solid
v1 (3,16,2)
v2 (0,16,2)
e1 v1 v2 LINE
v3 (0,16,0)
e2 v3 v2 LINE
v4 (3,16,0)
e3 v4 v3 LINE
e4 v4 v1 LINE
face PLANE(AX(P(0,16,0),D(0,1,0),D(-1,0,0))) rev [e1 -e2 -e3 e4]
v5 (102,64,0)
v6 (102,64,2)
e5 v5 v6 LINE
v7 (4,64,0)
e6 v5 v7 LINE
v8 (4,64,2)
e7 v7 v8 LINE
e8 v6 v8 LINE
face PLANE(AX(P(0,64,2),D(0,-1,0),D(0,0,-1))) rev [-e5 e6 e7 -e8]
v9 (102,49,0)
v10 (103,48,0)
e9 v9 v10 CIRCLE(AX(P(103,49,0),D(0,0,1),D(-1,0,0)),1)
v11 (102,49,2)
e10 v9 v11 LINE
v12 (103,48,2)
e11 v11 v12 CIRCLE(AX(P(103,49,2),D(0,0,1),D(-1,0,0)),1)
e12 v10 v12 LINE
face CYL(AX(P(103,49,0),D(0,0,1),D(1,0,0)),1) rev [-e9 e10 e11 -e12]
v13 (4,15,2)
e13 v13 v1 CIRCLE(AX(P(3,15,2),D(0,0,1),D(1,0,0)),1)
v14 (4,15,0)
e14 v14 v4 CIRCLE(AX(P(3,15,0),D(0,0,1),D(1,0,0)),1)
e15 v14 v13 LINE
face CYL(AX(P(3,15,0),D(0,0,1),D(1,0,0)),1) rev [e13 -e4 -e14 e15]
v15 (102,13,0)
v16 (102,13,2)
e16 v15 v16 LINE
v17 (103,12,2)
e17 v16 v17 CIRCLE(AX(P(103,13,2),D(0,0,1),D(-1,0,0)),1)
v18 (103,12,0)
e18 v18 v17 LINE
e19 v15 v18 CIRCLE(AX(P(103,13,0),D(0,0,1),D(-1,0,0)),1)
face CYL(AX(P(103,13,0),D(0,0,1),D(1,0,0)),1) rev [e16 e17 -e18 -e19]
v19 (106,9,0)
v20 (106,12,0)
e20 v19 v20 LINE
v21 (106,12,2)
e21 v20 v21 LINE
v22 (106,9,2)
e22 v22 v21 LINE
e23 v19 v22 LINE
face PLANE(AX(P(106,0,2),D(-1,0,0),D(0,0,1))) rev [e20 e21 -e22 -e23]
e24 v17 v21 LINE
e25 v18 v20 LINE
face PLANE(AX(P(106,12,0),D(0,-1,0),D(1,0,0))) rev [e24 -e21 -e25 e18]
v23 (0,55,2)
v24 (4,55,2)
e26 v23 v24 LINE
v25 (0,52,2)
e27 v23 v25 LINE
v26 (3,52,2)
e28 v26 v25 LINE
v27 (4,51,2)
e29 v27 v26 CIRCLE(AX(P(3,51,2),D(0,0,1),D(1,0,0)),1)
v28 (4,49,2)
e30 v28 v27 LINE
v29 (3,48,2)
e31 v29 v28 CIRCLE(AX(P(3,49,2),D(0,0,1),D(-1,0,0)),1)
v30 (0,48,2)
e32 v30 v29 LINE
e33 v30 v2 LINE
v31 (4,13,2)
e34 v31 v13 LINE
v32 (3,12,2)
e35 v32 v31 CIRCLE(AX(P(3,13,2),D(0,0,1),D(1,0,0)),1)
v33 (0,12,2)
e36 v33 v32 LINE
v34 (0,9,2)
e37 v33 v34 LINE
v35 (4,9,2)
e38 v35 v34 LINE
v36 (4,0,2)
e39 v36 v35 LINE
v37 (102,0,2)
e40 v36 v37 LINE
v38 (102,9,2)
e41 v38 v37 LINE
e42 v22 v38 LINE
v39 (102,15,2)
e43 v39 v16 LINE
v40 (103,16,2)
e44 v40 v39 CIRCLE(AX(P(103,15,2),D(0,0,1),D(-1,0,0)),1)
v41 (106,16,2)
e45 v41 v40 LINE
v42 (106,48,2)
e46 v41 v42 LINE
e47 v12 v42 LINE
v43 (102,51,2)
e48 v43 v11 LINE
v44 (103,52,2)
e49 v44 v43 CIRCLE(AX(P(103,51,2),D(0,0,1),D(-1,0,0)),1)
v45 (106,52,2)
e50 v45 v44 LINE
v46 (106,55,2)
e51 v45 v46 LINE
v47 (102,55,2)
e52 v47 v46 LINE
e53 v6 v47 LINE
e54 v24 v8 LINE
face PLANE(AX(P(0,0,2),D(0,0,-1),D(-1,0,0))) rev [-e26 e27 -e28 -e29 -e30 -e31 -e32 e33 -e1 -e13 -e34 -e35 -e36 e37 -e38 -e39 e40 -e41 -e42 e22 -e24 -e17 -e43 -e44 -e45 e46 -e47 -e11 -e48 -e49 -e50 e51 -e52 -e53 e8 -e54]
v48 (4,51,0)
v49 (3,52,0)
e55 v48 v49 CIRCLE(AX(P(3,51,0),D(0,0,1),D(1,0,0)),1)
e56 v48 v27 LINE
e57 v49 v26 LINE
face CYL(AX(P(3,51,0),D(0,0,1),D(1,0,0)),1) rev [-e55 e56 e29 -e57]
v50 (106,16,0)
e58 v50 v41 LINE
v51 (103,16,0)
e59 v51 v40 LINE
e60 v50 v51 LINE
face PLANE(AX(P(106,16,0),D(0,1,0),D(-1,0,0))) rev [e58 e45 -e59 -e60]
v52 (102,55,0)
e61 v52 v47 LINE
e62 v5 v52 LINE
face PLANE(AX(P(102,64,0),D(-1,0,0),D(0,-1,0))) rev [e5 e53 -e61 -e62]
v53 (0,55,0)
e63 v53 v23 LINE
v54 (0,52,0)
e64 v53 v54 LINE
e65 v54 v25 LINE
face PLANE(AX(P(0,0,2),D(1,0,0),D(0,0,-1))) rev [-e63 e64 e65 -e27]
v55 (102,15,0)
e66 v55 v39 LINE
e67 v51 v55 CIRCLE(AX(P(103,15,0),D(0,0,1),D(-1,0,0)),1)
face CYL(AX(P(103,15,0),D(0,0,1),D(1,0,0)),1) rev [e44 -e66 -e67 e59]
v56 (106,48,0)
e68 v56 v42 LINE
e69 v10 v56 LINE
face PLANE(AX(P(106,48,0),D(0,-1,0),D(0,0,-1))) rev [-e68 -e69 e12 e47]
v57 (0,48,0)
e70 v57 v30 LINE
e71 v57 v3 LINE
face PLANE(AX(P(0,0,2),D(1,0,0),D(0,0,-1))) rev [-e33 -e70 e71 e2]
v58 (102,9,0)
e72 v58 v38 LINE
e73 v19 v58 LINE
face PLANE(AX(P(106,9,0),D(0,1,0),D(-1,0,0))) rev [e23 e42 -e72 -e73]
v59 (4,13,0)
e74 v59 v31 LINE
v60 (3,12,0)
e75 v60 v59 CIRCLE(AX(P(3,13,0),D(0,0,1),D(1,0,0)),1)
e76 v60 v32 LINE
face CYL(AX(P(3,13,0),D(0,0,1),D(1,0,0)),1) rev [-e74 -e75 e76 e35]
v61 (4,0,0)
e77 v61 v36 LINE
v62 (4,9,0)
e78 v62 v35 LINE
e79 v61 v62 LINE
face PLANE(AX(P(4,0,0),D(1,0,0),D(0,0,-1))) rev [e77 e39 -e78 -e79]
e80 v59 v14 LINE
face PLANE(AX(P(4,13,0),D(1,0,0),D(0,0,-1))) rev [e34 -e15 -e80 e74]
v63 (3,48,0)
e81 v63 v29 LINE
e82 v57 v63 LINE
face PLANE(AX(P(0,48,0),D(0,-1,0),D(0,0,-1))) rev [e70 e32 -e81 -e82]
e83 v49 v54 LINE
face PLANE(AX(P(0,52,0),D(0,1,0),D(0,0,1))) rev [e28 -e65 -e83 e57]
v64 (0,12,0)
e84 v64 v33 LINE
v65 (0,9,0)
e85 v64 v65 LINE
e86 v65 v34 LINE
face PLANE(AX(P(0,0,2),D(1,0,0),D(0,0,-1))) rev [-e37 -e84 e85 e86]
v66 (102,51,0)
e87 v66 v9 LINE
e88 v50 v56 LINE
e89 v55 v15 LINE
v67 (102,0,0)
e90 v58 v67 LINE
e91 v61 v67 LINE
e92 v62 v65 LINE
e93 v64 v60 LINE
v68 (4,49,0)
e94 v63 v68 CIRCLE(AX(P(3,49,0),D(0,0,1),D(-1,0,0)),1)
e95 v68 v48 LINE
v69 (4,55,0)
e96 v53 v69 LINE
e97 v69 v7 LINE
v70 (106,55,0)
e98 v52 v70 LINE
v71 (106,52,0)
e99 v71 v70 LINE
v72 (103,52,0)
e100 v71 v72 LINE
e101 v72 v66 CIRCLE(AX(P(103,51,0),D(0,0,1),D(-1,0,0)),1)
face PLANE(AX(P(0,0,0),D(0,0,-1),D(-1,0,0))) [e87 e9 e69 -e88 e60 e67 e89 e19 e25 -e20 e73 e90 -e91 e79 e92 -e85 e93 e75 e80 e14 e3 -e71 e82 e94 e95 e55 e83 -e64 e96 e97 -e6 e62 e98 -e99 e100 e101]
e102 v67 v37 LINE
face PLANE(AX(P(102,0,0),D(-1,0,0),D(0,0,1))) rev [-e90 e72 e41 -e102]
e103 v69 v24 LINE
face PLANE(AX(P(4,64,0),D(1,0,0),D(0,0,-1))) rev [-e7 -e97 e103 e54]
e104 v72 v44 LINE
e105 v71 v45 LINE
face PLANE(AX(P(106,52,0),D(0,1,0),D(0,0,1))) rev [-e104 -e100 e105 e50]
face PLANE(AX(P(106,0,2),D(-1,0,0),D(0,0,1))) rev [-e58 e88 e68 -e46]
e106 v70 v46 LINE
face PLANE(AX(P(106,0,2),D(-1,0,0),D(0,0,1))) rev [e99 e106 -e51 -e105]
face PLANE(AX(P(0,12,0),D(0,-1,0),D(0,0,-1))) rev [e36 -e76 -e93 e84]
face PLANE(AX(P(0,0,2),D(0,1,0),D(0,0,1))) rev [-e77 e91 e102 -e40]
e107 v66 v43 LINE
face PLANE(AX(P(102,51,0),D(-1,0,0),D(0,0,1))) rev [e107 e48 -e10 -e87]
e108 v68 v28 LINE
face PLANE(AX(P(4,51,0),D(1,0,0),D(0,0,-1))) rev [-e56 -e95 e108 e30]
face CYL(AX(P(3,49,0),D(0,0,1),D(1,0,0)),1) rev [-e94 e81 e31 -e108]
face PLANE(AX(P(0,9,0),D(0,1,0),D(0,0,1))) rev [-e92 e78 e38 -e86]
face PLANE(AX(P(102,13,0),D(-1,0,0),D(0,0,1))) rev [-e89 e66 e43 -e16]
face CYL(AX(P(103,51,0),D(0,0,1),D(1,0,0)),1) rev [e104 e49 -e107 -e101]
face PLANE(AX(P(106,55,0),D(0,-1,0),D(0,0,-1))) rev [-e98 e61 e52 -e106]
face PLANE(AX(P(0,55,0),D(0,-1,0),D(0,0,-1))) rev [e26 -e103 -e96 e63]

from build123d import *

# Parameters (mm, degrees)
SKETCH1_W           = 106
SKETCH1_H           = 64
BOSS_EXTRUDE1_DEPTH = 2
SKETCH2_W           = 4
SKETCH2_H           = 9
CUT_EXTRUDE1_DEPTH  = 124.838604643
CUT_EXTRUDE2_DEPTH  = 124.838604643


with BuildPart() as part:
    # Sketch1 → Boss-Extrude1 (new body)
    with BuildSketch(Plane.XY):
        with Locations((53, 32)):
            Rectangle(SKETCH1_W, SKETCH1_H)
    extrude(amount=BOSS_EXTRUDE1_DEPTH)

    # Sketch2 → Cut-Extrude1 (cut, through all)
    with BuildSketch(Plane.XY.offset(2)):
        with Locations((2, 59.5)):
            Rectangle(SKETCH2_W, SKETCH2_H)
        with Locations((2, 4.5)):
            Rectangle(SKETCH2_W, SKETCH2_H)
        with Locations((104, 4.5)):
            Rectangle(SKETCH2_W, SKETCH2_H)
        with Locations((104, 59.5)):
            Rectangle(SKETCH2_W, SKETCH2_H)
    extrude(amount=-CUT_EXTRUDE1_DEPTH, mode=Mode.SUBTRACT)

    # Sketch3 → Cut-Extrude2 (cut, through all)
    with BuildSketch(Plane.XY.offset(2)):
        with BuildLine():
            Line((106, 12), (103, 12))
            ThreePointArc((103, 12), (102.292893219, 12.292893219), (102, 13))
            Line((102, 13), (102, 15))
            ThreePointArc((102, 15), (102.292893219, 15.707106781), (103, 16))
            Line((103, 16), (106, 16))
            Line((106, 16), (106, 12))
        make_face()
        with BuildLine():
            Line((0, 12), (3, 12))
            ThreePointArc((3, 12), (3.707106781, 12.292893219), (4, 13))
            Line((4, 13), (4, 15))
            ThreePointArc((4, 15), (3.707106781, 15.707106781), (3, 16))
            Line((3, 16), (0, 16))
            Line((0, 16), (0, 12))
        make_face()
        with BuildLine():
            Line((0, 52), (3, 52))
            ThreePointArc((3, 52), (3.707106781, 51.707106781), (4, 51))
            Line((4, 51), (4, 49))
            ThreePointArc((4, 49), (3.707106781, 48.292893219), (3, 48))
            Line((3, 48), (0, 48))
            Line((0, 48), (0, 52))
        make_face()
        with BuildLine():
            Line((106, 52), (103, 52))
            ThreePointArc((103, 52), (102.292893219, 51.707106781), (102, 51))
            Line((102, 51), (102, 49))
            ThreePointArc((102, 49), (102.292893219, 48.292893219), (103, 48))
            Line((103, 48), (106, 48))
            Line((106, 48), (106, 52))
        make_face()
    extrude(amount=-CUT_EXTRUDE2_DEPTH, mode=Mode.SUBTRACT)


solid = part.part
